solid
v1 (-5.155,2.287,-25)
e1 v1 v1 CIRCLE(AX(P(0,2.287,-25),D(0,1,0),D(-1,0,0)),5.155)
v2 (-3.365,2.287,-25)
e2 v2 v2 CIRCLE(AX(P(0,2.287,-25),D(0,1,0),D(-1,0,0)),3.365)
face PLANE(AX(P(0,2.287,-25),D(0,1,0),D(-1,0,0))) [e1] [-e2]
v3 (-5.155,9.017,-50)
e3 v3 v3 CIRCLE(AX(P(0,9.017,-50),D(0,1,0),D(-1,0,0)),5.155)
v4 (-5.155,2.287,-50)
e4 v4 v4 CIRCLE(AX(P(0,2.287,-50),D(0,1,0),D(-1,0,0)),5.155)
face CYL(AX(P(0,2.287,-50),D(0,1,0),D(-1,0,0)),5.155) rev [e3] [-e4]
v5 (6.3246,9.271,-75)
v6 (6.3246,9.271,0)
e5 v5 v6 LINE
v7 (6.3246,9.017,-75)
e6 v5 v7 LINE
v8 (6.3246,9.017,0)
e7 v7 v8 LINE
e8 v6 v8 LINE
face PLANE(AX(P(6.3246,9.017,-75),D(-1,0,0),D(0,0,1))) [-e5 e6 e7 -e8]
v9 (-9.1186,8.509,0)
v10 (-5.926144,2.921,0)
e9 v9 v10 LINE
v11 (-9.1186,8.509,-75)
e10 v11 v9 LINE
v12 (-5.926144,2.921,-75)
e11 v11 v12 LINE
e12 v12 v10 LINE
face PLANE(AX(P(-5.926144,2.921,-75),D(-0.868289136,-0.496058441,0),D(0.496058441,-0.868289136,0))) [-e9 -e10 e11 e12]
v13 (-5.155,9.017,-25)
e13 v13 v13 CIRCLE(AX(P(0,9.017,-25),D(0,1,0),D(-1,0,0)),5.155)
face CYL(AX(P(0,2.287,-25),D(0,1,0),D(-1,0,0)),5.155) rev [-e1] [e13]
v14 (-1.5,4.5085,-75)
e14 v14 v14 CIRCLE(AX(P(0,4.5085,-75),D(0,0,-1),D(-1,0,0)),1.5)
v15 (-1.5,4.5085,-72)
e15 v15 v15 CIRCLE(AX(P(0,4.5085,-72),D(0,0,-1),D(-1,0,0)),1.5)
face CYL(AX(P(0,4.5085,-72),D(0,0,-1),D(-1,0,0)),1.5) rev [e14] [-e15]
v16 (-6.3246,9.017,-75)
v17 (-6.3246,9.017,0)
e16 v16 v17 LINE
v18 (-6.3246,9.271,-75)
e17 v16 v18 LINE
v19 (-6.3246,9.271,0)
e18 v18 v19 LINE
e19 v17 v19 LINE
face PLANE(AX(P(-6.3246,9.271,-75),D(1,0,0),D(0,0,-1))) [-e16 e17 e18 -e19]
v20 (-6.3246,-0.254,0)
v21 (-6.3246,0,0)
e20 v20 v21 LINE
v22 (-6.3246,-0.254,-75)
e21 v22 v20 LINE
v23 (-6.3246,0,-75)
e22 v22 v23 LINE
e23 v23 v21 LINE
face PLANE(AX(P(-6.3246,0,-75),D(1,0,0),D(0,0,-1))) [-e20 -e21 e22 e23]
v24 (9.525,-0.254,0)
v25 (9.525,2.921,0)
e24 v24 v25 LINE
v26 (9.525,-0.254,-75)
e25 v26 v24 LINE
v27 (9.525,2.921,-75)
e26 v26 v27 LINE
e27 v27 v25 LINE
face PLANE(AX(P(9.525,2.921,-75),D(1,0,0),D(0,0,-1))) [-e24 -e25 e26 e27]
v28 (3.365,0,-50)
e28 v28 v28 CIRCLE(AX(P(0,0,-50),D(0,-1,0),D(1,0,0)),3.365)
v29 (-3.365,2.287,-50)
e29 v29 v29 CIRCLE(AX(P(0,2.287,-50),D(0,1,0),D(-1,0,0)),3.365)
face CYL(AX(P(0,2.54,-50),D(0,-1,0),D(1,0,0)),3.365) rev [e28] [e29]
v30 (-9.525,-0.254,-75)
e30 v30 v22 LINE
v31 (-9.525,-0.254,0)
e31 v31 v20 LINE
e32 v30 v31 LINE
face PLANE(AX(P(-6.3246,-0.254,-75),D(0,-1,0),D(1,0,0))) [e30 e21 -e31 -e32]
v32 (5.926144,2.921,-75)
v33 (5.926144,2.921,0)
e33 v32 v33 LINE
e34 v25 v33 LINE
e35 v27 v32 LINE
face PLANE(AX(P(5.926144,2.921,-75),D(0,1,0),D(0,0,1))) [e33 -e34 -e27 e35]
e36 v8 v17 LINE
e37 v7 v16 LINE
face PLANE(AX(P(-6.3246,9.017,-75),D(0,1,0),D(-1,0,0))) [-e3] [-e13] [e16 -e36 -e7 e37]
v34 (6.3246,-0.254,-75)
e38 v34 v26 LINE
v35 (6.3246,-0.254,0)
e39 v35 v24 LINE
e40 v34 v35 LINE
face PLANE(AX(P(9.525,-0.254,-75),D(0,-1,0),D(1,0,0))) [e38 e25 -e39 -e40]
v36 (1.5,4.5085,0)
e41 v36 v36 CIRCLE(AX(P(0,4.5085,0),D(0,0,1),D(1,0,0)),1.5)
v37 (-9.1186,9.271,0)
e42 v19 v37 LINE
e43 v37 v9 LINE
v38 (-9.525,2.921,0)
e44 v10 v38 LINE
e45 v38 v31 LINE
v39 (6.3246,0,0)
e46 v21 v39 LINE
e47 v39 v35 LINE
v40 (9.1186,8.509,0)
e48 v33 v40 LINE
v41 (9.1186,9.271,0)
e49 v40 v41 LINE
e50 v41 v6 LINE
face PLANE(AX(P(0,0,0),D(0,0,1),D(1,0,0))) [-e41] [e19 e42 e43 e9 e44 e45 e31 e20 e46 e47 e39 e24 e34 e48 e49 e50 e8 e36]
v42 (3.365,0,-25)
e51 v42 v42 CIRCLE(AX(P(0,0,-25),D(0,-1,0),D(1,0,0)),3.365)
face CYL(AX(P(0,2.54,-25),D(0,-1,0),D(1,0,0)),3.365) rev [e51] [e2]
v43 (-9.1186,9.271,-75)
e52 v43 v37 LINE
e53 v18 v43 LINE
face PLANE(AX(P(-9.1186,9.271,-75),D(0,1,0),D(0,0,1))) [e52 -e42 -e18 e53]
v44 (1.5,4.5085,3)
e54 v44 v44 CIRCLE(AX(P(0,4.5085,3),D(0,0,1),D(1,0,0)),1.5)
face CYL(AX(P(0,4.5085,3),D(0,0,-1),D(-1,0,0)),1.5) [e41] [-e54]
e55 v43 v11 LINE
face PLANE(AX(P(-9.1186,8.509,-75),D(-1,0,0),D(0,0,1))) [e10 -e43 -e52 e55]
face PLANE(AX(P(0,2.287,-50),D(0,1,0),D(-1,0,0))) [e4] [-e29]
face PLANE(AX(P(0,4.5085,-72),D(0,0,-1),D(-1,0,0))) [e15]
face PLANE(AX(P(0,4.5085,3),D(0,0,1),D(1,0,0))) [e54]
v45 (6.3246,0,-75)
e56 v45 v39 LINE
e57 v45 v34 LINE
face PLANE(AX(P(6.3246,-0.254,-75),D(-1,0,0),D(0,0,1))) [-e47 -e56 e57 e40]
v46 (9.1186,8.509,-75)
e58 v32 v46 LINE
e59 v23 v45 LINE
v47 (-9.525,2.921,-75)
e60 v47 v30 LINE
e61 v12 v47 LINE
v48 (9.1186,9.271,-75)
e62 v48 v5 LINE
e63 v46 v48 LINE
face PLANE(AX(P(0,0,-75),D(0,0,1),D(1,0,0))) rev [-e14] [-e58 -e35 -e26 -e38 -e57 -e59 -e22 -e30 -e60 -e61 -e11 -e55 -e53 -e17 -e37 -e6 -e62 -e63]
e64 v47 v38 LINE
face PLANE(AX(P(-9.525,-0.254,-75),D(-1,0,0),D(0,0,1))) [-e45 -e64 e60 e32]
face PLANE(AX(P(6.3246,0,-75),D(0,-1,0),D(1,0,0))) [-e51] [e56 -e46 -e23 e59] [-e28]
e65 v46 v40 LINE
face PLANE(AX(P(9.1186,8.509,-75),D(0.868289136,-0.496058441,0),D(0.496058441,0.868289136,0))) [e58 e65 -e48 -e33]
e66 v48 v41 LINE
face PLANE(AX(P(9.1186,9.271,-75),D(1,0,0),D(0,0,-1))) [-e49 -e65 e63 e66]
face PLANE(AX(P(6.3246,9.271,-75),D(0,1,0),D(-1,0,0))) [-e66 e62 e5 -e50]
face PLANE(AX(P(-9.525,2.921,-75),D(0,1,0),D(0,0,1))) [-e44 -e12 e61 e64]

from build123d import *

# Parameters (mm, degrees)
BOSS_EXTRUDE1_DEPTH = 75
SKETCH3_R           = 5.155
CUT_EXTRUDE2_DEPTH  = 6.73
SKETCH4_R           = 3.365
CUT_EXTRUDE3_DEPTH  = 2.54
SKETCH5_R           = 1.5
CUT_EXTRUDE4_DEPTH  = 3
SKETCH6_R           = 1.5
BOSS_EXTRUDE2_DEPTH = 3


with BuildPart() as part:
    # Sketch1 → Boss-Extrude1 (new body)
    with BuildSketch(Plane.XY):
        Polygon((6.3246, 9.017), (6.3246, 9.271), (9.1186, 9.271), (9.1186, 8.509), (5.926144338, 2.921), (9.525, 2.921), (9.525, -0.254), (6.3246, -0.254), (6.3246, 0), (-6.3246, 0), (-6.3246, -0.254), (-9.525, -0.254), (-9.525, 2.921), (-5.926144338, 2.921), (-9.1186, 8.509), (-9.1186, 9.271), (-6.3246, 9.271), (-6.3246, 9.017), align=None)
    extrude(amount=-BOSS_EXTRUDE1_DEPTH)

    # Sketch3 → Cut-Extrude2 (cut)
    with BuildSketch(Plane(origin=(0, 9.017, 0), x_dir=(1, 0, 0), z_dir=(0, 1, 0))):
        with Locations(Location((0, 25, 0), (0, 0, 180))):
            Circle(SKETCH3_R)
        with Locations(Location((0, 50, 0), (0, 0, 180))):
            Circle(SKETCH3_R)
    extrude(amount=-CUT_EXTRUDE2_DEPTH, mode=Mode.SUBTRACT)

    # Sketch4 → Cut-Extrude3 (cut)
    with BuildSketch(Plane.XZ):
        with Locations((0, -25)):
            Circle(SKETCH4_R)
        with Locations((0, -50)):
            Circle(SKETCH4_R)
    extrude(amount=-CUT_EXTRUDE3_DEPTH, mode=Mode.SUBTRACT)

    # Sketch5 → Cut-Extrude4 (cut)
    with BuildSketch(Plane(origin=(0, 0, -75), x_dir=(-1, 0, 0), z_dir=(0, 0, -1))):
        with Locations((0, 4.5085)):
            Circle(SKETCH5_R)
    extrude(amount=-CUT_EXTRUDE4_DEPTH, mode=Mode.SUBTRACT)

    # Sketch6 → Boss-Extrude2 (add)
    with BuildSketch(Plane.XY):
        with Locations(Location((0, 4.5085, 0), (0, 0, 180))):
            Circle(SKETCH6_R)
    extrude(amount=BOSS_EXTRUDE2_DEPTH)


solid = part.part
